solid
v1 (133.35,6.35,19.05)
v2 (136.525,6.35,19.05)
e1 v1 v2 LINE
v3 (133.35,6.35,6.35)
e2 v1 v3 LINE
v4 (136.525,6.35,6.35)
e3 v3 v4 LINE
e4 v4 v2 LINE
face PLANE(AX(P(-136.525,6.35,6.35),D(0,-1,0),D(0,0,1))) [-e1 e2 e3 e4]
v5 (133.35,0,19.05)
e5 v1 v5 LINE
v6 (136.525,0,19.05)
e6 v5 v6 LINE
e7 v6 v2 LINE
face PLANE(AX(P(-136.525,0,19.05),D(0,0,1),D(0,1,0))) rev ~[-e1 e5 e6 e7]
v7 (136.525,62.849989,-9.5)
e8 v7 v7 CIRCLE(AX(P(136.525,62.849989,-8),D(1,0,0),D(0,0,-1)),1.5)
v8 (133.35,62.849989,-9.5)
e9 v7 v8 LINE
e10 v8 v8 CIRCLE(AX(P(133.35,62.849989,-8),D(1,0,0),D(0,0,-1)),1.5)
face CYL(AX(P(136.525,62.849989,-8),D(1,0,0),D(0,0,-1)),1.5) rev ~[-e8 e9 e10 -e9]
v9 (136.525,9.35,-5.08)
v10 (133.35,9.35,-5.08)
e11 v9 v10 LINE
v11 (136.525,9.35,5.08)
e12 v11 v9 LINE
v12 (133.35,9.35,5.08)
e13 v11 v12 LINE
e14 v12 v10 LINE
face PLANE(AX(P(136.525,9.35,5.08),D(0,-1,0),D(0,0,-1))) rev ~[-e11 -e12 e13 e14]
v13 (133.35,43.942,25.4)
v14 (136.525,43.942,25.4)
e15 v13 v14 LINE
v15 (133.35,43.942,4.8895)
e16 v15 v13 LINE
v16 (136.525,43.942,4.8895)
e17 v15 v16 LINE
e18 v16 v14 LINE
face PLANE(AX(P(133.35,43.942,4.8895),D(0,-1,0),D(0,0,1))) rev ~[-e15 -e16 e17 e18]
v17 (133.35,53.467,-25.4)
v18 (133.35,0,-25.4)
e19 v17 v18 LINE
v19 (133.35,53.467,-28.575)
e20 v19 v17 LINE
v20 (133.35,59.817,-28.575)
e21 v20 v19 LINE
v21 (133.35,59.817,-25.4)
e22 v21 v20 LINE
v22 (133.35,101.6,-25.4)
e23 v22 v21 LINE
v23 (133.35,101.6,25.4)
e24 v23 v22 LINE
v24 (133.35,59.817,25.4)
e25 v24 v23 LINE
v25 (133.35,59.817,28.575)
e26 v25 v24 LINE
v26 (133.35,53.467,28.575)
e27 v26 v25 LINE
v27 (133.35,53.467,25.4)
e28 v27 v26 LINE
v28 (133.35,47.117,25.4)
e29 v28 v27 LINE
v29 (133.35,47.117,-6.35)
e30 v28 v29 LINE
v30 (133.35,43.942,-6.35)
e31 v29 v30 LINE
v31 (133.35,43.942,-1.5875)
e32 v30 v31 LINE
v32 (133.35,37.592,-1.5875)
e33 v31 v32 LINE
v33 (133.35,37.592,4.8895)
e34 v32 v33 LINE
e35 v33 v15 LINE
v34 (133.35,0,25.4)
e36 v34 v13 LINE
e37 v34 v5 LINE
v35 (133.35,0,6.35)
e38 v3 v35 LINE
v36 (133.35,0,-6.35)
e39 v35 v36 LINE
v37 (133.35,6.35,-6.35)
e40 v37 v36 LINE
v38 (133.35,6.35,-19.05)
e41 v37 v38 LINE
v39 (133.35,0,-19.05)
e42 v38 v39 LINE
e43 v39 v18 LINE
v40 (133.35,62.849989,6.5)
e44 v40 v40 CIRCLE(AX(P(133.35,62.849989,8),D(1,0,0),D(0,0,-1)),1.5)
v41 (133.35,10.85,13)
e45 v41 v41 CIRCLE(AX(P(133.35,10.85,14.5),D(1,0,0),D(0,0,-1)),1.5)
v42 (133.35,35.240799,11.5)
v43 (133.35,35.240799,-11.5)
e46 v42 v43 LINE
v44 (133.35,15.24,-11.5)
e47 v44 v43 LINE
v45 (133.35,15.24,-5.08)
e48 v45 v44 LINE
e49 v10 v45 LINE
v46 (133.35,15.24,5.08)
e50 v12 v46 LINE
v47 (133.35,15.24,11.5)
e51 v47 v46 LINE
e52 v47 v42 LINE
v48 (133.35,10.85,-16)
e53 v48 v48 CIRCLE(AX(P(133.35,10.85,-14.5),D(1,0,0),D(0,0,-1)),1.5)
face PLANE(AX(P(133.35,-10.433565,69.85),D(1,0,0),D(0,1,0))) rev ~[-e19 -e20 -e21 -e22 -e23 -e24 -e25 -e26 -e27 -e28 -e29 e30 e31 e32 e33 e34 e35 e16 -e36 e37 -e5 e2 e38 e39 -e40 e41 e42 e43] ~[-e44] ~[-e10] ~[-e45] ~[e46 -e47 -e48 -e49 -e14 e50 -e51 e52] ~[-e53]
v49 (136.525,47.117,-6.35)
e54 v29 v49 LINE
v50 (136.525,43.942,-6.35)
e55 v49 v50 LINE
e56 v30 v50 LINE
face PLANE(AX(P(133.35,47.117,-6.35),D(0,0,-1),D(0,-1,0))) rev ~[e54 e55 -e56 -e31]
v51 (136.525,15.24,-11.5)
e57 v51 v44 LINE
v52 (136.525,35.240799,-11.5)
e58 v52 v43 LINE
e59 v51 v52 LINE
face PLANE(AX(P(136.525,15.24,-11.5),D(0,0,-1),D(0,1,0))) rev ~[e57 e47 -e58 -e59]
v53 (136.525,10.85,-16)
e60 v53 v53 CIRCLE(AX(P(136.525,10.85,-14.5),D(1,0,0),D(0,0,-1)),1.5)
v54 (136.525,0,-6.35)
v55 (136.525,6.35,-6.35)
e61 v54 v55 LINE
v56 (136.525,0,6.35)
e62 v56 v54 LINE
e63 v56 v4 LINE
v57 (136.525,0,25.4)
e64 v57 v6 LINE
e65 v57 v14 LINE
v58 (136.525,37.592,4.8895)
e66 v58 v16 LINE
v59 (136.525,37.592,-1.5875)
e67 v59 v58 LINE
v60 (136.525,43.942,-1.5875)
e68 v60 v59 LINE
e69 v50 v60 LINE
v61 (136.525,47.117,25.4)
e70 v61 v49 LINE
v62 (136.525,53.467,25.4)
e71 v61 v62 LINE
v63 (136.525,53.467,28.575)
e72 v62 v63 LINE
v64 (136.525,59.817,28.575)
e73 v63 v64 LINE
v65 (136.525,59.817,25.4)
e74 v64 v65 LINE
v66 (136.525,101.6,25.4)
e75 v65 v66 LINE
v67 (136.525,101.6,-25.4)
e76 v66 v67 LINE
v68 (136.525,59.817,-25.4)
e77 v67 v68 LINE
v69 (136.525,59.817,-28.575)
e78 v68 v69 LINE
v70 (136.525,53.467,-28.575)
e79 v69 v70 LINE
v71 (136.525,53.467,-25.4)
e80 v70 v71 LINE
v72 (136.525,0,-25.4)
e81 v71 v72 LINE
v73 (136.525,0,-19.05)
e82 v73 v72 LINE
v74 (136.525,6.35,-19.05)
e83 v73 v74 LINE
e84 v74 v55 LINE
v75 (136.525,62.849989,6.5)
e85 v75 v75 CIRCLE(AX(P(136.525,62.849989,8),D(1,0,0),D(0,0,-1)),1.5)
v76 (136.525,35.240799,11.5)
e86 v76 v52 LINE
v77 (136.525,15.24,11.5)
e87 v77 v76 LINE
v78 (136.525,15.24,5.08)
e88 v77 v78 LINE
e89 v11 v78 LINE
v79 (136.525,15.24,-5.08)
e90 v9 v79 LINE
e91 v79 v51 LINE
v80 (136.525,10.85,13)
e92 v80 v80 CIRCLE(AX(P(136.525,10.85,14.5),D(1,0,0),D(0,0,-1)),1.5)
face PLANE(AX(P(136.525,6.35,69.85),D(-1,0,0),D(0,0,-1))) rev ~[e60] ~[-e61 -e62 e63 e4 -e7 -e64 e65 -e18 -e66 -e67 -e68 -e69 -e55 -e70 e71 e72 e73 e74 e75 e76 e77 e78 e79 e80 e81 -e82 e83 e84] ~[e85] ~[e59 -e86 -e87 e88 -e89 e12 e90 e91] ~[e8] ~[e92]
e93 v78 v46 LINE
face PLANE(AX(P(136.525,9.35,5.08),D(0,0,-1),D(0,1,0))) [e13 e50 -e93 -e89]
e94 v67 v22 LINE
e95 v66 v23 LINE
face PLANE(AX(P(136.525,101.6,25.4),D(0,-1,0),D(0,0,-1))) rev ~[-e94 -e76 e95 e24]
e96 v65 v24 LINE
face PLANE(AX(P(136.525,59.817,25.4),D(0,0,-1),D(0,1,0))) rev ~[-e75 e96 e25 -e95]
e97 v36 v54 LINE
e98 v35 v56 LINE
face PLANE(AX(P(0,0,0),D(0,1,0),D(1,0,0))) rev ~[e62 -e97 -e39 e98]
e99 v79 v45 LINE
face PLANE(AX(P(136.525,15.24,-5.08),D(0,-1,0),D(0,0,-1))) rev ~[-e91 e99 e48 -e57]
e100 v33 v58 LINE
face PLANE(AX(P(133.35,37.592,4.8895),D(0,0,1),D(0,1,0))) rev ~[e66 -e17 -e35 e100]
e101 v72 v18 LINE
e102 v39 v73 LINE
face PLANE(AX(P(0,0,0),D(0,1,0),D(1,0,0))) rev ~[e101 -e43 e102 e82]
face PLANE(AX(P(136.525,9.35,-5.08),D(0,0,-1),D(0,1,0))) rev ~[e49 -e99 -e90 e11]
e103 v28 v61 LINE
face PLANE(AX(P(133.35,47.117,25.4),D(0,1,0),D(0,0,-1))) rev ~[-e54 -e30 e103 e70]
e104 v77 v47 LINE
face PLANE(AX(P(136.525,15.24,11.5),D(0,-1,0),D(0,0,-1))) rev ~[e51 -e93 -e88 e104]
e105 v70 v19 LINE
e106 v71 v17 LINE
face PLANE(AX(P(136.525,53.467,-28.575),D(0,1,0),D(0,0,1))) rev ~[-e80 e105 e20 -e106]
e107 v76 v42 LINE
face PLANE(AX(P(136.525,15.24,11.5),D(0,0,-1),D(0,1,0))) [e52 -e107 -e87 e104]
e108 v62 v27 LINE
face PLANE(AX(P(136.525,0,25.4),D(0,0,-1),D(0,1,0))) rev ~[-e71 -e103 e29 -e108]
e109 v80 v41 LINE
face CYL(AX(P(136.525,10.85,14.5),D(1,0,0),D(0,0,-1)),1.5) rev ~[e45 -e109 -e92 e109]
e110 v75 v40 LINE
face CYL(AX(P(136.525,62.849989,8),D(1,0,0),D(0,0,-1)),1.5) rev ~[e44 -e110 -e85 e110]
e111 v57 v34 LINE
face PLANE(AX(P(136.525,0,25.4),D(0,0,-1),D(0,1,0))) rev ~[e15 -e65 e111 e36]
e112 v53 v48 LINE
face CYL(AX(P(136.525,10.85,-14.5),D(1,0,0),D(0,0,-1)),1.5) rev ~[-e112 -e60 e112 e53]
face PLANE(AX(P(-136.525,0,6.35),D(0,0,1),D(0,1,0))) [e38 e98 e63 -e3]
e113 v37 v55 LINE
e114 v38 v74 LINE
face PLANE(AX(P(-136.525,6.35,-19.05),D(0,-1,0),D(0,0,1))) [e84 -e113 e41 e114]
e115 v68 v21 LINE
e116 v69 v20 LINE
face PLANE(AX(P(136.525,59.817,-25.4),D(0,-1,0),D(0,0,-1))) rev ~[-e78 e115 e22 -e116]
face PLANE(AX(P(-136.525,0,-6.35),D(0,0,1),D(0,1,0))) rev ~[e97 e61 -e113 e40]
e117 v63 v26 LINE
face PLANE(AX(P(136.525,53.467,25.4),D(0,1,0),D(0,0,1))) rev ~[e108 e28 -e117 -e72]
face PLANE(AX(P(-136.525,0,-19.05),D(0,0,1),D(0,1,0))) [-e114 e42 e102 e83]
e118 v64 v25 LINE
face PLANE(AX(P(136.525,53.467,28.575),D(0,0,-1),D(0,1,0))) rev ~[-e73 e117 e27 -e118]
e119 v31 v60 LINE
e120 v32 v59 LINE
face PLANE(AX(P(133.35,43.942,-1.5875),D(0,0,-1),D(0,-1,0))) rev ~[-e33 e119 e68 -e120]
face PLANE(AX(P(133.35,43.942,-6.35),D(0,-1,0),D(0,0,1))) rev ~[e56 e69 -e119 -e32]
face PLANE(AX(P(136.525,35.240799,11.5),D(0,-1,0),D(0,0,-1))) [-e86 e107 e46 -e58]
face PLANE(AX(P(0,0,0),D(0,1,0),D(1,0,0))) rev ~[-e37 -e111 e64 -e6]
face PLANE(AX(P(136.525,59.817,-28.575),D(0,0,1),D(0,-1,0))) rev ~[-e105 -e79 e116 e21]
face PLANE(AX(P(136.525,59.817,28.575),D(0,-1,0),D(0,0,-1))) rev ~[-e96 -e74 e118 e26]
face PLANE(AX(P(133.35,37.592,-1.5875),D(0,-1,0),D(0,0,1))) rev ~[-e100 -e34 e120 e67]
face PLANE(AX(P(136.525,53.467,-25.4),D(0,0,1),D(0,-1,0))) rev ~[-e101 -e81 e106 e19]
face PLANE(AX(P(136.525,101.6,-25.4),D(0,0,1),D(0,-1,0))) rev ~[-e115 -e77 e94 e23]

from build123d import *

# Parameters (mm, degrees)
SKETCH1_W              = 273.05
SKETCH1_H              = 139.7
BOSS_EXTRUDE1_DEPTH    = 6.35
SKETCH2_W              = 273.05
SKETCH2_H              = 139.7
SKETCH2_W_2            = 266.7
SKETCH2_H_2            = 133.35
BOSS_EXTRUDE2_DEPTH    = 298.45
SKETCH3_W              = 6.35
SKETCH3_H              = 16.933333333
SKETCH3_H_2            = 16.933333334
DOOR_SLOT_DEPTH        = 12.7
DOOR_GUIDE_HOLES_REACH = 362.806
SKETCH4_W              = 6.35
SKETCH4_H              = 15.875
LEVER_HOLES_W          = 9.652
LEVER_HOLES_H          = 6.35
LEVER_HOLES_W_2        = 6.35
CUT_EXTRUDE1_DEPTH     = 363.019620497
CUT_EXTRUDE3_REACH     = 417.137
SKETCH8_R              = 3.175
SKETCH16_W             = 329.651778096
SKETCH16_H             = 315.233565403
CUT_EXTRUDE10_DEPTH    = 363.019620497
LEFT_RIGHT_W           = 9.525
LEFT_RIGHT_H           = 6.35
LEFT_RIGHT_W_2         = 12.7
LEFT_RIGHT_W_3         = 3.175
LEFT_RIGHT_H_2         = 12.7
CUT_EXTRUDE11_DEPTH    = 416.136561869
SKETCH17_W             = 23
SKETCH17_H             = 20.0007988
SKETCH17_W_2           = 10.16
SKETCH17_H_2           = 5.89
SKETCH17_R             = 1.5
CUT_EXTRUDE12_DEPTH    = 313.717353412
CUT_EXTRUDE13_DEPTH    = 313.717353412
CUT_EXTRUDE14_DEPTH    = 106.589636092


with BuildPart() as part:
    # Sketch1 → Boss-Extrude1 (new body)
    with BuildSketch(Plane(origin=(0, 0, 0), x_dir=(1, 0, 0), z_dir=(0, 1, 0))):
        Rectangle(SKETCH1_W, SKETCH1_H)
    extrude(amount=BOSS_EXTRUDE1_DEPTH)

    # Sketch2 → Boss-Extrude2 (add)
    with BuildSketch(Plane(origin=(0, 6.35, 0), x_dir=(1, 0, 0), z_dir=(0, 1, 0))):
        Rectangle(SKETCH2_W, SKETCH2_H)
        Rectangle(SKETCH2_W_2, SKETCH2_H_2, mode=Mode.SUBTRACT)
    extrude(amount=BOSS_EXTRUDE2_DEPTH)

    # Sketch3 → Door Slot (cut)
    with BuildSketch(Plane.XY.offset(69.85)):
        with BuildLine():
            Line((-31.75, 283.21), (-31.75, 6.35))
            Line((-31.75, 6.35), (-25.146, 6.35))
            Line((-25.146, 6.35), (-25.146, 292.354))
            Line((-25.146, 292.354), (-44.704, 292.354))
            Line((-44.704, 292.354), (-44.704, 285.75))
            Line((-44.704, 285.75), (-34.29, 285.75))
            ThreePointArc((-34.29, 285.75), (-32.493948776, 285.006051224), (-31.75, 283.21))
        make_face()
        with Locations((-15.621, 80.433333334)):
            Rectangle(SKETCH3_W, SKETCH3_H)
        with Locations((-15.621, 50.8)):
            Rectangle(SKETCH3_W, SKETCH3_H_2)
        with Locations((-15.621, 21.166666667)):
            Rectangle(SKETCH3_W, SKETCH3_H)
    extrude(amount=-DOOR_SLOT_DEPTH, mode=Mode.SUBTRACT)

    # Sketch4 → Door Guide Holes (cut, up to next)
    with BuildSketch(Plane.XY.offset(-66.675), mode=Mode.PRIVATE) as door_guide_holes_sk1:
        with Locations((-47.879, 284.1625)):
            Rectangle(SKETCH4_W, SKETCH4_H)
    door_guide_holes_tool1 = extrude(door_guide_holes_sk1.sketch, amount=-DOOR_GUIDE_HOLES_REACH, mode=Mode.PRIVATE) & part.part
    # Sketch4 → Door Guide Holes (cut, up to next)
    with BuildSketch(Plane.XY.offset(-66.675), mode=Mode.PRIVATE) as door_guide_holes_sk2:
        with Locations((-47.879, 255.5875)):
            Rectangle(SKETCH4_W, SKETCH4_H)
    door_guide_holes_tool2 = extrude(door_guide_holes_sk2.sketch, amount=-DOOR_GUIDE_HOLES_REACH, mode=Mode.PRIVATE) & part.part
    # Sketch4 → Door Guide Holes (cut, up to next)
    with BuildSketch(Plane.XY.offset(-66.675), mode=Mode.PRIVATE) as door_guide_holes_sk3:
        with Locations((-47.879, 227.0125)):
            Rectangle(SKETCH4_W, SKETCH4_H)
    door_guide_holes_tool3 = extrude(door_guide_holes_sk3.sketch, amount=-DOOR_GUIDE_HOLES_REACH, mode=Mode.PRIVATE) & part.part
    # Sketch4 → Door Guide Holes (cut, up to next)
    with BuildSketch(Plane.XY.offset(-66.675), mode=Mode.PRIVATE) as door_guide_holes_sk4:
        with Locations((-47.879, 198.4375)):
            Rectangle(SKETCH4_W, SKETCH4_H)
    door_guide_holes_tool4 = extrude(door_guide_holes_sk4.sketch, amount=-DOOR_GUIDE_HOLES_REACH, mode=Mode.PRIVATE) & part.part
    # Sketch4 → Door Guide Holes (cut, up to next)
    with BuildSketch(Plane.XY.offset(-66.675), mode=Mode.PRIVATE) as door_guide_holes_sk5:
        with Locations((-47.879, 169.8625)):
            Rectangle(SKETCH4_W, SKETCH4_H)
    door_guide_holes_tool5 = extrude(door_guide_holes_sk5.sketch, amount=-DOOR_GUIDE_HOLES_REACH, mode=Mode.PRIVATE) & part.part
    # Sketch4 → Door Guide Holes (cut, up to next)
    with BuildSketch(Plane.XY.offset(-66.675), mode=Mode.PRIVATE) as door_guide_holes_sk6:
        with Locations((-47.879, 141.2875)):
            Rectangle(SKETCH4_W, SKETCH4_H)
    door_guide_holes_tool6 = extrude(door_guide_holes_sk6.sketch, amount=-DOOR_GUIDE_HOLES_REACH, mode=Mode.PRIVATE) & part.part
    # Sketch4 → Door Guide Holes (cut, up to next)
    with BuildSketch(Plane.XY.offset(-66.675), mode=Mode.PRIVATE) as door_guide_holes_sk7:
        with Locations((-47.879, 112.7125)):
            Rectangle(SKETCH4_W, SKETCH4_H)
    door_guide_holes_tool7 = extrude(door_guide_holes_sk7.sketch, amount=-DOOR_GUIDE_HOLES_REACH, mode=Mode.PRIVATE) & part.part
    # Sketch4 → Door Guide Holes (cut, up to next)
    with BuildSketch(Plane.XY.offset(-66.675), mode=Mode.PRIVATE) as door_guide_holes_sk8:
        with Locations((-47.879, 84.1375)):
            Rectangle(SKETCH4_W, SKETCH4_H)
    door_guide_holes_tool8 = extrude(door_guide_holes_sk8.sketch, amount=-DOOR_GUIDE_HOLES_REACH, mode=Mode.PRIVATE) & part.part
    # Sketch4 → Door Guide Holes (cut, up to next)
    with BuildSketch(Plane.XY.offset(-66.675), mode=Mode.PRIVATE) as door_guide_holes_sk9:
        with Locations((-47.879, 55.5625)):
            Rectangle(SKETCH4_W, SKETCH4_H)
    door_guide_holes_tool9 = extrude(door_guide_holes_sk9.sketch, amount=-DOOR_GUIDE_HOLES_REACH, mode=Mode.PRIVATE) & part.part
    # Sketch4 → Door Guide Holes (cut, up to next)
    with BuildSketch(Plane.XY.offset(-66.675), mode=Mode.PRIVATE) as door_guide_holes_sk10:
        with Locations((-47.879, 26.9875)):
            Rectangle(SKETCH4_W, SKETCH4_H)
    door_guide_holes_tool10 = extrude(door_guide_holes_sk10.sketch, amount=-DOOR_GUIDE_HOLES_REACH, mode=Mode.PRIVATE) & part.part
    door_guide_holes_1 = door_guide_holes_tool1.solids().sort_by_distance((-47.879, 284.1625, -66.675))[0]
    add(door_guide_holes_1, mode=Mode.SUBTRACT)
    door_guide_holes_2 = door_guide_holes_tool2.solids().sort_by_distance((-47.879, 255.5875, -66.675))[0]
    add(door_guide_holes_2, mode=Mode.SUBTRACT)
    door_guide_holes_3 = door_guide_holes_tool3.solids().sort_by_distance((-47.879, 227.0125, -66.675))[0]
    add(door_guide_holes_3, mode=Mode.SUBTRACT)
    door_guide_holes_4 = door_guide_holes_tool4.solids().sort_by_distance((-47.879, 198.4375, -66.675))[0]
    add(door_guide_holes_4, mode=Mode.SUBTRACT)
    door_guide_holes_5 = door_guide_holes_tool5.solids().sort_by_distance((-47.879, 169.8625, -66.675))[0]
    add(door_guide_holes_5, mode=Mode.SUBTRACT)
    door_guide_holes_6 = door_guide_holes_tool6.solids().sort_by_distance((-47.879, 141.2875, -66.675))[0]
    add(door_guide_holes_6, mode=Mode.SUBTRACT)
    door_guide_holes_7 = door_guide_holes_tool7.solids().sort_by_distance((-47.879, 112.7125, -66.675))[0]
    add(door_guide_holes_7, mode=Mode.SUBTRACT)
    door_guide_holes_8 = door_guide_holes_tool8.solids().sort_by_distance((-47.879, 84.1375, -66.675))[0]
    add(door_guide_holes_8, mode=Mode.SUBTRACT)
    door_guide_holes_9 = door_guide_holes_tool9.solids().sort_by_distance((-47.879, 55.5625, -66.675))[0]
    add(door_guide_holes_9, mode=Mode.SUBTRACT)
    door_guide_holes_10 = door_guide_holes_tool10.solids().sort_by_distance((-47.879, 26.9875, -66.675))[0]
    add(door_guide_holes_10, mode=Mode.SUBTRACT)
    door_guide_holes = door_guide_holes_1 + door_guide_holes_2 + door_guide_holes_3 + door_guide_holes_4 + door_guide_holes_5 + door_guide_holes_6 + door_guide_holes_7 + door_guide_holes_8 + door_guide_holes_9 + door_guide_holes_10  # Door Guide Holes as one shape, for the pattern or mirror that repeats it

    # Mirror1: Door Guide Holes across plane
    add(door_guide_holes.mirror(Plane.ZY.offset(34.925)), mode=Mode.SUBTRACT)

    # Lever Holes → Cut-Extrude1 (cut, through all)
    with BuildSketch(Plane.XY.offset(69.85)):
        with Locations((54.102, 28.575)):
            Rectangle(LEVER_HOLES_W, LEVER_HOLES_H)
        with Locations((39.3065, 15.875)):
            Rectangle(LEVER_HOLES_W_2, LEVER_HOLES_H)
        with Locations((68.8975, 15.875)):
            Rectangle(LEVER_HOLES_W_2, LEVER_HOLES_H)
    extrude(amount=-CUT_EXTRUDE1_DEPTH, mode=Mode.SUBTRACT)

    # Sketch8 → Cut-Extrude3 (cut, up to next)
    with BuildSketch(Plane.ZY.offset(136.525), mode=Mode.PRIVATE) as cut_extrude3_sk1:
        with Locations((0, 19.05)):
            Circle(SKETCH8_R)
    cut_extrude3_tool1 = extrude(cut_extrude3_sk1.sketch, amount=-CUT_EXTRUDE3_REACH, mode=Mode.PRIVATE) & part.part
    add(cut_extrude3_tool1.solids().sort_by_distance((-136.525, 19.05, 0))[0], mode=Mode.SUBTRACT)

    # Sketch16 → Cut-Extrude10 (cut, through all)
    with BuildSketch(Plane.XY.offset(69.85)):
        with Locations((-31.475889048, 147.183217299)):
            Rectangle(SKETCH16_W, SKETCH16_H)
    extrude(amount=-CUT_EXTRUDE10_DEPTH, mode=Mode.SUBTRACT)

    # Left/Right → Cut-Extrude11 (cut, through all)
    with BuildSketch(Plane.ZY.offset(136.525)):
        with Locations((61.9125, 3.175)):
            Rectangle(LEFT_RIGHT_W, LEFT_RIGHT_H)
        with Locations((38.1, 3.175)):
            Rectangle(LEFT_RIGHT_W_2, LEFT_RIGHT_H)
        with Locations((68.2625, 19.05)):
            Rectangle(LEFT_RIGHT_W_3, LEFT_RIGHT_H_2)
        with Locations((12.7, 3.175)):
            Rectangle(LEFT_RIGHT_W_2, LEFT_RIGHT_H)
        with Locations((68.2625, 44.45)):
            Rectangle(LEFT_RIGHT_W_3, LEFT_RIGHT_H_2)
        with Locations((-12.7, 3.175)):
            Rectangle(LEFT_RIGHT_W_2, LEFT_RIGHT_H)
        with Locations((68.2625, 69.85)):
            Rectangle(LEFT_RIGHT_W_3, LEFT_RIGHT_H_2)
        with Locations((-38.1, 3.175)):
            Rectangle(LEFT_RIGHT_W_2, LEFT_RIGHT_H)
        with Locations((68.2625, 95.25)):
            Rectangle(LEFT_RIGHT_W_3, LEFT_RIGHT_H_2)
        with Locations((-61.9125, 3.175)):
            Rectangle(LEFT_RIGHT_W, LEFT_RIGHT_H)
        with Locations((68.2625, 120.65)):
            Rectangle(LEFT_RIGHT_W_3, LEFT_RIGHT_H_2)
        with Locations((-68.2625, 19.05)):
            Rectangle(LEFT_RIGHT_W_3, LEFT_RIGHT_H_2)
        with Locations((68.2625, 146.05)):
            Rectangle(LEFT_RIGHT_W_3, LEFT_RIGHT_H_2)
        with Locations((-68.2625, 44.45)):
            Rectangle(LEFT_RIGHT_W_3, LEFT_RIGHT_H_2)
        with Locations((68.2625, 171.45)):
            Rectangle(LEFT_RIGHT_W_3, LEFT_RIGHT_H_2)
        with Locations((-68.2625, 69.85)):
            Rectangle(LEFT_RIGHT_W_3, LEFT_RIGHT_H_2)
        with Locations((68.2625, 196.85)):
            Rectangle(LEFT_RIGHT_W_3, LEFT_RIGHT_H_2)
        with Locations((-68.2625, 95.25)):
            Rectangle(LEFT_RIGHT_W_3, LEFT_RIGHT_H_2)
        with Locations((68.2625, 222.25)):
            Rectangle(LEFT_RIGHT_W_3, LEFT_RIGHT_H_2)
        with Locations((-68.2625, 120.65)):
            Rectangle(LEFT_RIGHT_W_3, LEFT_RIGHT_H_2)
        with Locations((68.2625, 247.65)):
            Rectangle(LEFT_RIGHT_W_3, LEFT_RIGHT_H_2)
        with Locations((-68.2625, 146.05)):
            Rectangle(LEFT_RIGHT_W_3, LEFT_RIGHT_H_2)
        with Locations((68.2625, 273.05)):
            Rectangle(LEFT_RIGHT_W_3, LEFT_RIGHT_H_2)
        with Locations((-68.2625, 171.45)):
            Rectangle(LEFT_RIGHT_W_3, LEFT_RIGHT_H_2)
        with Locations((68.2625, 298.45)):
            Rectangle(LEFT_RIGHT_W_3, LEFT_RIGHT_H_2)
        with Locations((-68.2625, 196.85)):
            Rectangle(LEFT_RIGHT_W_3, LEFT_RIGHT_H_2)
        with Locations((-68.2625, 222.25)):
            Rectangle(LEFT_RIGHT_W_3, LEFT_RIGHT_H_2)
        with Locations((-68.2625, 247.65)):
            Rectangle(LEFT_RIGHT_W_3, LEFT_RIGHT_H_2)
        with Locations((-68.2625, 273.05)):
            Rectangle(LEFT_RIGHT_W_3, LEFT_RIGHT_H_2)
        with Locations((-68.2625, 298.45)):
            Rectangle(LEFT_RIGHT_W_3, LEFT_RIGHT_H_2)
    extrude(amount=-CUT_EXTRUDE11_DEPTH, mode=Mode.SUBTRACT)

    # Sketch17 → Cut-Extrude12 (cut, through all)
    with BuildSketch(Plane(origin=(136.525, 0, 0), x_dir=(0, 0, -1), z_dir=(1, 0, 0))):
        with Locations((0, 25.2403994)):
            Rectangle(SKETCH17_W, SKETCH17_H)
        with Locations((0, 12.295)):
            Rectangle(SKETCH17_W_2, SKETCH17_H_2)
        with Locations((14.5, 10.85)):
            Circle(SKETCH17_R)
        with Locations((-14.5, 10.85)):
            Circle(SKETCH17_R)
        with Locations((-8, 62.8499886)):
            Circle(SKETCH17_R)
        with Locations((8, 62.8499886)):
            Circle(SKETCH17_R)
    extrude(amount=-CUT_EXTRUDE12_DEPTH, mode=Mode.SUBTRACT)

    # Sketch18 → Cut-Extrude13 (cut, through all)
    with BuildSketch(Plane(origin=(136.525, 0, 0), x_dir=(0, 0, -1), z_dir=(1, 0, 0))):
        Polygon((-69.85, 304.8), (-69.85, 0), (-25.4, 0), (-25.4, 53.467), (-28.575, 53.467), (-28.575, 59.817), (-25.4, 59.817), (-25.4, 101.6), (25.4, 101.6), (25.4, 59.817), (28.575, 59.817), (28.575, 53.467), (25.4, 53.467), (25.4, 0), (69.85, 0), (69.85, 304.8), align=None)
    extrude(amount=-CUT_EXTRUDE13_DEPTH, mode=Mode.SUBTRACT)

    # Sketch19 → Cut-Extrude14 (cut, through all)
    with BuildSketch(Plane.ZY.offset(-133.35)):
        Polygon((25.4, 47.117), (-6.35, 47.117), (-6.35, 43.942), (-1.5875, 43.942), (-1.5875, 37.592), (4.8895, 37.592), (4.8895, 43.942), (25.4, 43.942), align=None)
    extrude(amount=-CUT_EXTRUDE14_DEPTH, mode=Mode.SUBTRACT)


solid = part.part
